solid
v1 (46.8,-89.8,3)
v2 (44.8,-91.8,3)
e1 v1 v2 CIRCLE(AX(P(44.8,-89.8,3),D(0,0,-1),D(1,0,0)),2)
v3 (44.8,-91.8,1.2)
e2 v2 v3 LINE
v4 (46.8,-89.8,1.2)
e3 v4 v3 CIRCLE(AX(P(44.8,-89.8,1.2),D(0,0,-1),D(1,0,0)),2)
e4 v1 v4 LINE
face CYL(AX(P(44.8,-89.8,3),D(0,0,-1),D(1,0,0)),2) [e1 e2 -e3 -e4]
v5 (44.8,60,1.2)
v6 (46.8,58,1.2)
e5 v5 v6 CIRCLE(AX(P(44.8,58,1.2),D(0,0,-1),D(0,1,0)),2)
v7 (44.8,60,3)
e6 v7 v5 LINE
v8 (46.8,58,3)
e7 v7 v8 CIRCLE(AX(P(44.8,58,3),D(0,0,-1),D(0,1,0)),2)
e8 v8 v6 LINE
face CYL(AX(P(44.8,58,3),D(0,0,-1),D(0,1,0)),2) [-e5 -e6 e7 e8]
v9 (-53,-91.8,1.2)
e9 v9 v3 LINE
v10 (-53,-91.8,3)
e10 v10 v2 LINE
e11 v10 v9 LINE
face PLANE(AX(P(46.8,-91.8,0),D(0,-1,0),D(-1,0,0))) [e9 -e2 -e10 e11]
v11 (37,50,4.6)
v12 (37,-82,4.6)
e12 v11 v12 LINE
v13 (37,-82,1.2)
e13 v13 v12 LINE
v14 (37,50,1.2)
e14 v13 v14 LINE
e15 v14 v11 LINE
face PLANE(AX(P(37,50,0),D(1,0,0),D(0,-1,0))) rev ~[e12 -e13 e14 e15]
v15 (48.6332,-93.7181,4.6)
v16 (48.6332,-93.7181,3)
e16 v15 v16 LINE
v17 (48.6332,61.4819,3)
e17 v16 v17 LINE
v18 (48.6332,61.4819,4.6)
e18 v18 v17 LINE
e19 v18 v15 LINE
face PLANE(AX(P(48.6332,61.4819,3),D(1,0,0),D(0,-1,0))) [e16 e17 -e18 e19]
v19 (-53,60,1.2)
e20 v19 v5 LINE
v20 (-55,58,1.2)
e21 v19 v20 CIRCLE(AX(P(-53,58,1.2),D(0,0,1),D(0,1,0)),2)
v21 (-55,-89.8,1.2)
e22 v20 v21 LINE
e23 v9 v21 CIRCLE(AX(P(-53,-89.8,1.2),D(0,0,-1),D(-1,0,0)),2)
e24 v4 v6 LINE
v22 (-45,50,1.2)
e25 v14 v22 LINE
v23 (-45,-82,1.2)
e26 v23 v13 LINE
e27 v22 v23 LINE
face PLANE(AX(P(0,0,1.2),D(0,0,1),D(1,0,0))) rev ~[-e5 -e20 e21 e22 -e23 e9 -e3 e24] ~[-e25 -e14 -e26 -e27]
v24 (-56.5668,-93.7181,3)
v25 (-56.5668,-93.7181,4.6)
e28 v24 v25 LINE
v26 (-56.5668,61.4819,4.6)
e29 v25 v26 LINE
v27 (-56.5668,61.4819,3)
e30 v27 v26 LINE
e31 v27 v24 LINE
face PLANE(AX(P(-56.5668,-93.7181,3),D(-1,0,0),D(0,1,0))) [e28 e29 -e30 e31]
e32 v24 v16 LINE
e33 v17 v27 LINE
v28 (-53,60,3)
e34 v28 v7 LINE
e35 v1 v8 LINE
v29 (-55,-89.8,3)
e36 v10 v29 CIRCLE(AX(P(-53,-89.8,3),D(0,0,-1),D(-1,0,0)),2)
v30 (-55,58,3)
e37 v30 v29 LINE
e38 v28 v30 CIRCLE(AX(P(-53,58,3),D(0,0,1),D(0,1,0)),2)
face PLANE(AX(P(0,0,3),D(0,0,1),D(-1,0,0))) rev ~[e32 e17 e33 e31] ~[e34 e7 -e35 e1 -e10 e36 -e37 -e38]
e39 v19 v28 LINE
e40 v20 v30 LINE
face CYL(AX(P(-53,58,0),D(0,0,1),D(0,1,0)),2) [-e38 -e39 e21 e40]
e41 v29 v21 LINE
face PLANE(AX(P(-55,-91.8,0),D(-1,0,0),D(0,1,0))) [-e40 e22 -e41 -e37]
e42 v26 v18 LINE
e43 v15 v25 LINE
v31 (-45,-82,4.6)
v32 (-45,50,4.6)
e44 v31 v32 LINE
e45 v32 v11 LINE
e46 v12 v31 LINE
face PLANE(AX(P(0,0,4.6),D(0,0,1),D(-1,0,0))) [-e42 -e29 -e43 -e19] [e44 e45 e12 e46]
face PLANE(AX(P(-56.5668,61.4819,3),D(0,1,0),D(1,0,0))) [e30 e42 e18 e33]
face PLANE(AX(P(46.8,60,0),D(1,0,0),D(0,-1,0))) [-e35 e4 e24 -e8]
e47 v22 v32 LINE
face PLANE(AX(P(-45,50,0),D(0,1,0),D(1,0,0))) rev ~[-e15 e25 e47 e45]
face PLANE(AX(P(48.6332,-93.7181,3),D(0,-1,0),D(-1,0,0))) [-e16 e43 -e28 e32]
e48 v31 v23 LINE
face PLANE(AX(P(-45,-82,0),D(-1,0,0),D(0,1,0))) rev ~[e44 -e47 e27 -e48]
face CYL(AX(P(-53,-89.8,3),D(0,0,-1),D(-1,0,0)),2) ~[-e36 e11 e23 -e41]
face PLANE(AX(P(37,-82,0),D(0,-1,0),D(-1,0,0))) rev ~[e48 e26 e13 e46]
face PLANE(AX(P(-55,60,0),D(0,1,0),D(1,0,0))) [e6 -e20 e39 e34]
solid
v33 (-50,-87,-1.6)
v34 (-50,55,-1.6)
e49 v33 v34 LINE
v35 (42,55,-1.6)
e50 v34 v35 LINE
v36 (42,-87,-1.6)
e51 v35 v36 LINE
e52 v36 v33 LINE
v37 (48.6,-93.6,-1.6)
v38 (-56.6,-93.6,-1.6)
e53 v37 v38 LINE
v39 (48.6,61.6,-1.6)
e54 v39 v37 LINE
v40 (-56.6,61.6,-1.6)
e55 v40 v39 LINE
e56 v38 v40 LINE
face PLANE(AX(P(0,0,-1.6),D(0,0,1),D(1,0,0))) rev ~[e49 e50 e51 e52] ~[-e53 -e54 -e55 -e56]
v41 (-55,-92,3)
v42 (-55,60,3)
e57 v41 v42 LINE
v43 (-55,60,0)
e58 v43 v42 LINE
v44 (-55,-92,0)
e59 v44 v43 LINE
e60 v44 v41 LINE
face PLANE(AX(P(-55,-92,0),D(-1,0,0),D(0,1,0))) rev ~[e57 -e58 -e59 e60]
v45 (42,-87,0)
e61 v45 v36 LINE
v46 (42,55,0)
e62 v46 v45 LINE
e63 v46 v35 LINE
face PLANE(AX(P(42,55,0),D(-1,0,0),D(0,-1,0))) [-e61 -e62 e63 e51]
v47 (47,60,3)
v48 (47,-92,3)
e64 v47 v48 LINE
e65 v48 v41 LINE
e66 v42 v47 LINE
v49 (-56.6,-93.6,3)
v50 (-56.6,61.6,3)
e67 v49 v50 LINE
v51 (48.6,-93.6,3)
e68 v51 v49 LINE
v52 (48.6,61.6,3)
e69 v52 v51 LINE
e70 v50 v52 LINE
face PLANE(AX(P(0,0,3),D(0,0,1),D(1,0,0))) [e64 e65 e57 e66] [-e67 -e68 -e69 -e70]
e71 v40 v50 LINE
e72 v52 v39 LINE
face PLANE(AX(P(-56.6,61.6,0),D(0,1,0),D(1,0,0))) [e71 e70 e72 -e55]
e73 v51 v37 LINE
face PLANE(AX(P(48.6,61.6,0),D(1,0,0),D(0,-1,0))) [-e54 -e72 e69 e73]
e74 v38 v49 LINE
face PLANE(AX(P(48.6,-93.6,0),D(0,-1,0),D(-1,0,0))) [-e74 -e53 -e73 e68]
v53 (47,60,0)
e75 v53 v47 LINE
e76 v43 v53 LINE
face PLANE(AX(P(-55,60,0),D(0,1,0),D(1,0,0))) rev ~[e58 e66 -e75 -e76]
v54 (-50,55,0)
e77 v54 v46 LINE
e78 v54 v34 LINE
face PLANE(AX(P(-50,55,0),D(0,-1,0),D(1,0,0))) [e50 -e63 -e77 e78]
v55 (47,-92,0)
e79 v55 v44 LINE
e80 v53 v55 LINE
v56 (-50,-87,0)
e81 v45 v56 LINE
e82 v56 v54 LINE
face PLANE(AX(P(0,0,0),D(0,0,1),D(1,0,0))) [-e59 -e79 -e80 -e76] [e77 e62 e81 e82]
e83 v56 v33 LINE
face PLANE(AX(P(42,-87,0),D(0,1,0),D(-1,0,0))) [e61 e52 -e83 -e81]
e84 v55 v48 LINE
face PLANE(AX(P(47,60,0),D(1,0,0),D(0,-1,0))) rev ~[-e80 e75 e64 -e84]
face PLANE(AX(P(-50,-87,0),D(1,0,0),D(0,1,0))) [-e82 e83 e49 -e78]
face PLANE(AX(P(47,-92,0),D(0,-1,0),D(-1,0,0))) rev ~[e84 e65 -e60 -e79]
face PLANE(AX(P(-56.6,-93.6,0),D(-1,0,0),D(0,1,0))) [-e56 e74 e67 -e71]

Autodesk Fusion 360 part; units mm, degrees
sketch "Sketch1" plane through (0, 0, 0) normal (0, 0, 1) x (1, 0, 0)
  line L0 (-55, 60) -> (47, 60)
  line L1 (47, 60) -> (47, -92)
  line L2 (47, -92) -> (-55, -92)
  line L3 (-55, -92) -> (-55, 60)
  line L4 (-50, 55) -> (42, 55)
  line L5 (42, 55) -> (42, -87)
  line L6 (42, -87) -> (-50, -87)
  line L7 (-50, -87) -> (-50, 55)
  line L8 (-56.6, 61.6) -> (48.6, 61.6)
  line L9 (48.6, 61.6) -> (48.6, -93.6)
  line L10 (48.6, -93.6) -> (-56.6, -93.6)
  line L11 (-56.6, -93.6) -> (-56.6, 61.6)
  dimension "d1" = 102
  dimension "d2" = 152
  dimension "d3" = 105.2
  dimension "d4" = 155.2
  dimension "d5" = 1.6
  dimension "d6" = 1.6
extrude "Extrude1" add sketch "Sketch1" against normal blind 1.6 contours L0 L1 L2 L3 | L8 L9 L10 L11 makes body 1 in component "Component"
extrude "Extrude2" add sketch "Sketch1" along normal blind 3 contours L8 L9 L10 L11 bodies 1 in component "Component"
sketch "Sketch2" plane through (0, 0, 0) normal (0, 0, 1) x (1, 0, 0)
  line L0 (-55, 60) -> (46.8, 60)
  line L1 (46.8, 60) -> (46.8, -91.8)
  line L2 (46.8, -91.8) -> (-55, -91.8)
  line L3 (-55, -91.8) -> (-55, 60)
  line L4 (-45, 50) -> (37, 50)
  line L5 (37, 50) -> (37, -82)
  line L6 (37, -82) -> (-45, -82)
  line L7 (-45, -82) -> (-45, 50)
  dimension "d11" = 101.8
  dimension "d12" = 151.8
  dimension "d13" = 82
  dimension "d14" = 132
extrude "Extrude1'" add sketch "Sketch2" along normal blind 1.6 separate body makes body 2 in component "Component'"
move_face "MoveFace1" by (0, 0, 1.4) 1 faces at (-51.6667, 6.0667, 1.6) on bodies 2 in component "Component'"
fillet "Fillet1" radius 2 4 edges at (-55, 60, 1.5) (46.8, 60, 1.5) (46.8, -91.8, 1.5) (-55, -91.8, 1.5) on bodies 2 in component "Component'"
sketch "Sketch1 (2)" plane through (0, 0, 3) normal (0, 0, 1) x (-1, 0, 0) in component "Component'"
  arc A0 (55, 89.8) -> (53, 91.8) centre (53, 89.8) ccw
  line L0 (53, 91.8) -> (-44.8, 91.8)
  arc A1 (-44.8, 91.8) -> (-46.8, 89.8) centre (-44.8, 89.8) ccw
  line L1 (-46.8, 89.8) -> (-46.8, -58)
  arc A2 (-46.8, -58) -> (-44.8, -60) centre (-44.8, -58) ccw
  line L2 (-44.8, -60) -> (53, -60)
  arc A3 (53, -60) -> (55, -58) centre (53, -58) ccw
  line L3 (55, -58) -> (55, 89.8)
  line L4 (-37, 82) -> (45, 82)
  line L5 (45, 82) -> (45, -50)
  line L6 (45, -50) -> (-37, -50)
  line L7 (-37, -50) -> (-37, 82)
  line L8 (56.5668, -61.4819) -> (-48.6332, -61.4819)
  line L9 (-48.6332, -61.4819) -> (-48.6332, 93.7181)
  line L10 (-48.6332, 93.7181) -> (56.5668, 93.7181)
  line L11 (56.5668, 93.7181) -> (56.5668, -61.4819)
  dimension "d19" = 105.2
  dimension "d20" = 155.2
extrude "Extrude2'" add sketch "Sketch1 (2)" along normal blind 1.6 contours A0 L0 A1 L1 A2 L2 A3 L3 | L8 L9 L10 L11 bodies 2 in component "Component'"
move_face "MoveFace2" by (0, 0, 1.2) 1 faces at (-51.6667, 6.0667, 0) on bodies 2 in component "Component'"
component "Component" placed x (1, 0, 0) y (0, 1, 0) z (0, 0, 1) at (0, 0, 0)
component "Component'" placed x (1, 0, 0) y (0, 1, 0) z (0, 0, 1) at (0, 0, 0)
